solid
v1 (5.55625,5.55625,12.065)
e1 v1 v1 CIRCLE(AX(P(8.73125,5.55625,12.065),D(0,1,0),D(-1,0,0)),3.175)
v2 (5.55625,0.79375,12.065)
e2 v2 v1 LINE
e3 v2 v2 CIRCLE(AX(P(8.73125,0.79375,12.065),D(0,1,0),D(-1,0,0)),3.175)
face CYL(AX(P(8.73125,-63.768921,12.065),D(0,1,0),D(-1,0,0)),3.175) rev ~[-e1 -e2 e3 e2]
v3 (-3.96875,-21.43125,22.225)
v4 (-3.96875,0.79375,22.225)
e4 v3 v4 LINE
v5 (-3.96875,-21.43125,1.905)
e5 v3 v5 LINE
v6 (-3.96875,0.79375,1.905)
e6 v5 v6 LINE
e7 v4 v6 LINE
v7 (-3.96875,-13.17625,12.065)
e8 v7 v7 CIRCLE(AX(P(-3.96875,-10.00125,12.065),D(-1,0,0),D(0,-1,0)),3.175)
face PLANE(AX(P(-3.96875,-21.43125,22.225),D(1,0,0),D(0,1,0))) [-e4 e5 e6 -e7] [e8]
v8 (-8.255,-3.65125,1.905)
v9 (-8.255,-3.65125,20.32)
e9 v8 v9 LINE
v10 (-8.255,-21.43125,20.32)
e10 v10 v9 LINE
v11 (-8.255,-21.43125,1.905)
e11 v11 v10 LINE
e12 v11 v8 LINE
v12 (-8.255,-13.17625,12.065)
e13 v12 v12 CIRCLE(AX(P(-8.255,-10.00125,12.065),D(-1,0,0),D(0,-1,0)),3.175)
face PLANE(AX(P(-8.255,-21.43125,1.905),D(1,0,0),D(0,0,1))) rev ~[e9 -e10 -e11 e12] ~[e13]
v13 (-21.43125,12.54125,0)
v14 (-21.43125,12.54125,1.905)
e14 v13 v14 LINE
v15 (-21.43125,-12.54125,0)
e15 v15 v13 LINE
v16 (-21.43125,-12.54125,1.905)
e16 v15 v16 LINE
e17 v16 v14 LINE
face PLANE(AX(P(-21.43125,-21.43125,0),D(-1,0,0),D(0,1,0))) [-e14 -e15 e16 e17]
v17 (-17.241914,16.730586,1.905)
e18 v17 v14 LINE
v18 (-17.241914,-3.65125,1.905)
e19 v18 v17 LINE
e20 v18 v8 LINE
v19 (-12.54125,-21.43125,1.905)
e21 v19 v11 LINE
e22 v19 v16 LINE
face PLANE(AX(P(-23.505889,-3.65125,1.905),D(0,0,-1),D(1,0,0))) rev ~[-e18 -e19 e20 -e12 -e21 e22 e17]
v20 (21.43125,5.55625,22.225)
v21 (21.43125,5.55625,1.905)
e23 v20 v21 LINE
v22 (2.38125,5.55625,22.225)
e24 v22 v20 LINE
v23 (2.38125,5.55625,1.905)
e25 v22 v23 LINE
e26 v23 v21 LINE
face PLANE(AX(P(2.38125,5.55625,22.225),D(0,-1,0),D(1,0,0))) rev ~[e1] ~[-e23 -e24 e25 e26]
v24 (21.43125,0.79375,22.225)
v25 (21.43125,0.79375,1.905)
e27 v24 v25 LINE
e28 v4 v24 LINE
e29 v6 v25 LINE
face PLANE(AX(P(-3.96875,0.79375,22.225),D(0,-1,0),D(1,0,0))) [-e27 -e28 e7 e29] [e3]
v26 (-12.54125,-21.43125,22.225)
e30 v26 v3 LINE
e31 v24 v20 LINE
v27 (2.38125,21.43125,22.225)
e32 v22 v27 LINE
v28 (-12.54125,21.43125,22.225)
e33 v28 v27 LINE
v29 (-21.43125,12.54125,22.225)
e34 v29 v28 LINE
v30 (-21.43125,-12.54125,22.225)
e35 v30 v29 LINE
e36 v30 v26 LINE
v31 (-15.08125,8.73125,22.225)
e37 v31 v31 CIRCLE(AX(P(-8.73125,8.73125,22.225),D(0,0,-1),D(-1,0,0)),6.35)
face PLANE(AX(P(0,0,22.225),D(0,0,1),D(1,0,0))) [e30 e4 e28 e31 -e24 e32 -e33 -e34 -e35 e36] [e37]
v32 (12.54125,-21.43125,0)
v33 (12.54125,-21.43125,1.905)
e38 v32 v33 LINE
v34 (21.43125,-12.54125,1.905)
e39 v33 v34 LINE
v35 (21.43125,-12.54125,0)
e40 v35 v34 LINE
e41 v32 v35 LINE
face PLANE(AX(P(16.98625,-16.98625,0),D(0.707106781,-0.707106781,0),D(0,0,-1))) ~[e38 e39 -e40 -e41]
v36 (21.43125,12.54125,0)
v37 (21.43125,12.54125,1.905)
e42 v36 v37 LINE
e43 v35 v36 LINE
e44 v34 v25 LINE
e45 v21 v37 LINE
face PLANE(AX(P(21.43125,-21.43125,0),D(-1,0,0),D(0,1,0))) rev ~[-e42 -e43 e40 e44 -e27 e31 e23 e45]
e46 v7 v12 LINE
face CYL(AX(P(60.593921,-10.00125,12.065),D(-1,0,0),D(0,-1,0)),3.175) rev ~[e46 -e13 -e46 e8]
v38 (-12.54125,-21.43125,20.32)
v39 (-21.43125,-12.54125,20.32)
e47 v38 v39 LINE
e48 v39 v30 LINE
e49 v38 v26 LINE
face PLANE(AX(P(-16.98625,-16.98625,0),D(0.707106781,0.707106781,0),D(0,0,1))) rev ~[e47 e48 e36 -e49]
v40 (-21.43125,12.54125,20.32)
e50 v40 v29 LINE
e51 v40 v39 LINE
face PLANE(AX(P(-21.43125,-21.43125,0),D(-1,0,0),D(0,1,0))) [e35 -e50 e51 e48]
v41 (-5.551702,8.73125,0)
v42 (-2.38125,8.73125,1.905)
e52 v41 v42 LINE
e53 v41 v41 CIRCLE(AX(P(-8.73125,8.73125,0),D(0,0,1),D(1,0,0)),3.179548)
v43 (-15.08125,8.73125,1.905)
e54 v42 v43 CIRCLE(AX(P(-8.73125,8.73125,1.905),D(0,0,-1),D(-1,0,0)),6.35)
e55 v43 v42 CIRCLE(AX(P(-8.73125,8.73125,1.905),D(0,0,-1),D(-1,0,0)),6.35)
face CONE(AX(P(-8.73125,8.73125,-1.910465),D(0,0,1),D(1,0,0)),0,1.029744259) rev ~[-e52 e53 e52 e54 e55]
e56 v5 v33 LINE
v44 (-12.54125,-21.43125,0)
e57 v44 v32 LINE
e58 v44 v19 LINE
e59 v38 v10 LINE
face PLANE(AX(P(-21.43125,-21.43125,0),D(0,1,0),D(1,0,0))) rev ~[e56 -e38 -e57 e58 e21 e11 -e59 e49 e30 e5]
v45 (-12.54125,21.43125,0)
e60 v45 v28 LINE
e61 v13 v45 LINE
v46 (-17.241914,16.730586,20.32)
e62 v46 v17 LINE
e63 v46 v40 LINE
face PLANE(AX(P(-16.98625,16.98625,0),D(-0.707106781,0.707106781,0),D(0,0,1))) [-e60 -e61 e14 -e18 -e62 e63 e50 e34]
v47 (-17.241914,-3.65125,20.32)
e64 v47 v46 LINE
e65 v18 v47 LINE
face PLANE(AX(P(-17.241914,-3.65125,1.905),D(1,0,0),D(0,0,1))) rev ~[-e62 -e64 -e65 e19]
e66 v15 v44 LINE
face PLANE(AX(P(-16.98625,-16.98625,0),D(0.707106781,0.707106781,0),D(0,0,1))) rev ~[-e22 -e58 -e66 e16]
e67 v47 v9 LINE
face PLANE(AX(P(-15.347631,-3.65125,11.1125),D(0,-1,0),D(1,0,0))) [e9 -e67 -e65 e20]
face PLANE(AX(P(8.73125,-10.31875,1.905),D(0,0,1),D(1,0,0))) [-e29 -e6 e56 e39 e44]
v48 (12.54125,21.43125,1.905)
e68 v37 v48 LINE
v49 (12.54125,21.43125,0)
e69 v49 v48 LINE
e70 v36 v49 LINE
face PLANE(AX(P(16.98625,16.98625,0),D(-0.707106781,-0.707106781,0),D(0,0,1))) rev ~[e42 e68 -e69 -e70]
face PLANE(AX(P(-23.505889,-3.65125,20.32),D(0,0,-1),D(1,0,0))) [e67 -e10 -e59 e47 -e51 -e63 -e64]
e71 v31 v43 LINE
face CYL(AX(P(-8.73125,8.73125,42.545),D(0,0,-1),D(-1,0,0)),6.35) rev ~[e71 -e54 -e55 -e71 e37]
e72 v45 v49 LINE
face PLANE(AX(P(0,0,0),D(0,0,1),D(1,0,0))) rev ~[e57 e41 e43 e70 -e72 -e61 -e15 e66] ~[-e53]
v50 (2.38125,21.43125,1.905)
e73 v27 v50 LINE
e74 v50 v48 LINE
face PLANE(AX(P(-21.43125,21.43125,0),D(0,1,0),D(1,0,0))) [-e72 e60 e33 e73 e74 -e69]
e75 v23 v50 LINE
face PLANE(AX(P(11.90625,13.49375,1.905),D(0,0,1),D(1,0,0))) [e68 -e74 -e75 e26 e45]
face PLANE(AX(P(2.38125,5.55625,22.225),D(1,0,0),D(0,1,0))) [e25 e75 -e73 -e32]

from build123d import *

# Parameters (mm, degrees)
F0_W      = 42.8625
F0_H      = 42.8625
F1_DEPTH  = 22.225
F2_SIZE   = 8.89
F3_W      = 25.4
F3_H      = 22.225
F4_DEPTH  = 20.32
F5_W      = 19.05
F5_H      = 15.875
F6_DEPTH  = 20.32
F8_D      = 12.7
F8_DEPTH  = 20.32
F8_TIP    = 3.8154649308
F9_W      = 14.1852621388
F9_H      = 18.415
F10_DEPTH = 17.78
F11_W     = 6.263975054
F11_H     = 18.415
F12_DEPTH = 25.0835
F14_D     = 6.35
F16_D     = 6.35


with BuildPart() as f1:
    # F0 (on Top) → F1 (new body)
    with BuildSketch(Plane.XY):
        Rectangle(F0_W, F0_H)
    extrude(amount=F1_DEPTH)

    # F2
    f2_edges = [f1.edges().sort_by_distance(p)[0] for p in [
        (-21.43125, -21.43125, 11.1125),
        (21.43125, -21.43125, 11.1125),
        (21.43125, 21.43125, 11.1125),
        (-21.43125, 21.43125, 11.1125),
    ]]
    chamfer(f2_edges, length=F2_SIZE)

    # F3 (on face) → F4 (cut)
    with BuildSketch(Plane.XY.offset(22.225)):
        with Locations((8.73125, -10.31875)):
            Rectangle(F3_W, F3_H)
    extrude(amount=-F4_DEPTH, mode=Mode.SUBTRACT)

    # F5 (on face) → F6 (cut)
    with BuildSketch(Plane.XY.offset(22.225)):
        with Locations((11.90625, 13.49375)):
            Rectangle(F5_W, F5_H)
    extrude(amount=-F6_DEPTH, mode=Mode.SUBTRACT)

    # F8
    with Locations(Plane.XY.offset(22.225)):
        with Locations((-8.73125, 8.73125)):
            Hole(F8_D / 2, depth=F8_DEPTH)
            with Locations((0, 0, -(F8_DEPTH + F8_TIP / 2))):  # 118° drill point
                Cone(0, F8_D / 2, F8_TIP, mode=Mode.SUBTRACT)

    # F9 (on face) → F10 (cut)
    with BuildSketch(Plane.XZ.offset(21.43125)):
        with Locations((-15.3476310694, 11.1125)):
            Rectangle(F9_W, F9_H)
    extrude(amount=-F10_DEPTH, mode=Mode.SUBTRACT)

    # F11 (on face) → F12 (cut, through all)
    with BuildSketch(Plane.XZ.offset(3.65125)):
        with Locations((-20.3739013523, 11.1125)):
            Rectangle(F11_W, F11_H)
    extrude(amount=-F12_DEPTH, mode=Mode.SUBTRACT)

    # F14 (through all)
    with Locations(Plane.YZ.offset(-3.96875)):
        with Locations((-10.00125, 12.065)):
            Hole(F14_D / 2)

    # F16 (through all)
    with Locations(Plane.XZ.offset(-0.79375)):
        with Locations((8.73125, 12.065)):
            Hole(F16_D / 2)


solid = f1.part
